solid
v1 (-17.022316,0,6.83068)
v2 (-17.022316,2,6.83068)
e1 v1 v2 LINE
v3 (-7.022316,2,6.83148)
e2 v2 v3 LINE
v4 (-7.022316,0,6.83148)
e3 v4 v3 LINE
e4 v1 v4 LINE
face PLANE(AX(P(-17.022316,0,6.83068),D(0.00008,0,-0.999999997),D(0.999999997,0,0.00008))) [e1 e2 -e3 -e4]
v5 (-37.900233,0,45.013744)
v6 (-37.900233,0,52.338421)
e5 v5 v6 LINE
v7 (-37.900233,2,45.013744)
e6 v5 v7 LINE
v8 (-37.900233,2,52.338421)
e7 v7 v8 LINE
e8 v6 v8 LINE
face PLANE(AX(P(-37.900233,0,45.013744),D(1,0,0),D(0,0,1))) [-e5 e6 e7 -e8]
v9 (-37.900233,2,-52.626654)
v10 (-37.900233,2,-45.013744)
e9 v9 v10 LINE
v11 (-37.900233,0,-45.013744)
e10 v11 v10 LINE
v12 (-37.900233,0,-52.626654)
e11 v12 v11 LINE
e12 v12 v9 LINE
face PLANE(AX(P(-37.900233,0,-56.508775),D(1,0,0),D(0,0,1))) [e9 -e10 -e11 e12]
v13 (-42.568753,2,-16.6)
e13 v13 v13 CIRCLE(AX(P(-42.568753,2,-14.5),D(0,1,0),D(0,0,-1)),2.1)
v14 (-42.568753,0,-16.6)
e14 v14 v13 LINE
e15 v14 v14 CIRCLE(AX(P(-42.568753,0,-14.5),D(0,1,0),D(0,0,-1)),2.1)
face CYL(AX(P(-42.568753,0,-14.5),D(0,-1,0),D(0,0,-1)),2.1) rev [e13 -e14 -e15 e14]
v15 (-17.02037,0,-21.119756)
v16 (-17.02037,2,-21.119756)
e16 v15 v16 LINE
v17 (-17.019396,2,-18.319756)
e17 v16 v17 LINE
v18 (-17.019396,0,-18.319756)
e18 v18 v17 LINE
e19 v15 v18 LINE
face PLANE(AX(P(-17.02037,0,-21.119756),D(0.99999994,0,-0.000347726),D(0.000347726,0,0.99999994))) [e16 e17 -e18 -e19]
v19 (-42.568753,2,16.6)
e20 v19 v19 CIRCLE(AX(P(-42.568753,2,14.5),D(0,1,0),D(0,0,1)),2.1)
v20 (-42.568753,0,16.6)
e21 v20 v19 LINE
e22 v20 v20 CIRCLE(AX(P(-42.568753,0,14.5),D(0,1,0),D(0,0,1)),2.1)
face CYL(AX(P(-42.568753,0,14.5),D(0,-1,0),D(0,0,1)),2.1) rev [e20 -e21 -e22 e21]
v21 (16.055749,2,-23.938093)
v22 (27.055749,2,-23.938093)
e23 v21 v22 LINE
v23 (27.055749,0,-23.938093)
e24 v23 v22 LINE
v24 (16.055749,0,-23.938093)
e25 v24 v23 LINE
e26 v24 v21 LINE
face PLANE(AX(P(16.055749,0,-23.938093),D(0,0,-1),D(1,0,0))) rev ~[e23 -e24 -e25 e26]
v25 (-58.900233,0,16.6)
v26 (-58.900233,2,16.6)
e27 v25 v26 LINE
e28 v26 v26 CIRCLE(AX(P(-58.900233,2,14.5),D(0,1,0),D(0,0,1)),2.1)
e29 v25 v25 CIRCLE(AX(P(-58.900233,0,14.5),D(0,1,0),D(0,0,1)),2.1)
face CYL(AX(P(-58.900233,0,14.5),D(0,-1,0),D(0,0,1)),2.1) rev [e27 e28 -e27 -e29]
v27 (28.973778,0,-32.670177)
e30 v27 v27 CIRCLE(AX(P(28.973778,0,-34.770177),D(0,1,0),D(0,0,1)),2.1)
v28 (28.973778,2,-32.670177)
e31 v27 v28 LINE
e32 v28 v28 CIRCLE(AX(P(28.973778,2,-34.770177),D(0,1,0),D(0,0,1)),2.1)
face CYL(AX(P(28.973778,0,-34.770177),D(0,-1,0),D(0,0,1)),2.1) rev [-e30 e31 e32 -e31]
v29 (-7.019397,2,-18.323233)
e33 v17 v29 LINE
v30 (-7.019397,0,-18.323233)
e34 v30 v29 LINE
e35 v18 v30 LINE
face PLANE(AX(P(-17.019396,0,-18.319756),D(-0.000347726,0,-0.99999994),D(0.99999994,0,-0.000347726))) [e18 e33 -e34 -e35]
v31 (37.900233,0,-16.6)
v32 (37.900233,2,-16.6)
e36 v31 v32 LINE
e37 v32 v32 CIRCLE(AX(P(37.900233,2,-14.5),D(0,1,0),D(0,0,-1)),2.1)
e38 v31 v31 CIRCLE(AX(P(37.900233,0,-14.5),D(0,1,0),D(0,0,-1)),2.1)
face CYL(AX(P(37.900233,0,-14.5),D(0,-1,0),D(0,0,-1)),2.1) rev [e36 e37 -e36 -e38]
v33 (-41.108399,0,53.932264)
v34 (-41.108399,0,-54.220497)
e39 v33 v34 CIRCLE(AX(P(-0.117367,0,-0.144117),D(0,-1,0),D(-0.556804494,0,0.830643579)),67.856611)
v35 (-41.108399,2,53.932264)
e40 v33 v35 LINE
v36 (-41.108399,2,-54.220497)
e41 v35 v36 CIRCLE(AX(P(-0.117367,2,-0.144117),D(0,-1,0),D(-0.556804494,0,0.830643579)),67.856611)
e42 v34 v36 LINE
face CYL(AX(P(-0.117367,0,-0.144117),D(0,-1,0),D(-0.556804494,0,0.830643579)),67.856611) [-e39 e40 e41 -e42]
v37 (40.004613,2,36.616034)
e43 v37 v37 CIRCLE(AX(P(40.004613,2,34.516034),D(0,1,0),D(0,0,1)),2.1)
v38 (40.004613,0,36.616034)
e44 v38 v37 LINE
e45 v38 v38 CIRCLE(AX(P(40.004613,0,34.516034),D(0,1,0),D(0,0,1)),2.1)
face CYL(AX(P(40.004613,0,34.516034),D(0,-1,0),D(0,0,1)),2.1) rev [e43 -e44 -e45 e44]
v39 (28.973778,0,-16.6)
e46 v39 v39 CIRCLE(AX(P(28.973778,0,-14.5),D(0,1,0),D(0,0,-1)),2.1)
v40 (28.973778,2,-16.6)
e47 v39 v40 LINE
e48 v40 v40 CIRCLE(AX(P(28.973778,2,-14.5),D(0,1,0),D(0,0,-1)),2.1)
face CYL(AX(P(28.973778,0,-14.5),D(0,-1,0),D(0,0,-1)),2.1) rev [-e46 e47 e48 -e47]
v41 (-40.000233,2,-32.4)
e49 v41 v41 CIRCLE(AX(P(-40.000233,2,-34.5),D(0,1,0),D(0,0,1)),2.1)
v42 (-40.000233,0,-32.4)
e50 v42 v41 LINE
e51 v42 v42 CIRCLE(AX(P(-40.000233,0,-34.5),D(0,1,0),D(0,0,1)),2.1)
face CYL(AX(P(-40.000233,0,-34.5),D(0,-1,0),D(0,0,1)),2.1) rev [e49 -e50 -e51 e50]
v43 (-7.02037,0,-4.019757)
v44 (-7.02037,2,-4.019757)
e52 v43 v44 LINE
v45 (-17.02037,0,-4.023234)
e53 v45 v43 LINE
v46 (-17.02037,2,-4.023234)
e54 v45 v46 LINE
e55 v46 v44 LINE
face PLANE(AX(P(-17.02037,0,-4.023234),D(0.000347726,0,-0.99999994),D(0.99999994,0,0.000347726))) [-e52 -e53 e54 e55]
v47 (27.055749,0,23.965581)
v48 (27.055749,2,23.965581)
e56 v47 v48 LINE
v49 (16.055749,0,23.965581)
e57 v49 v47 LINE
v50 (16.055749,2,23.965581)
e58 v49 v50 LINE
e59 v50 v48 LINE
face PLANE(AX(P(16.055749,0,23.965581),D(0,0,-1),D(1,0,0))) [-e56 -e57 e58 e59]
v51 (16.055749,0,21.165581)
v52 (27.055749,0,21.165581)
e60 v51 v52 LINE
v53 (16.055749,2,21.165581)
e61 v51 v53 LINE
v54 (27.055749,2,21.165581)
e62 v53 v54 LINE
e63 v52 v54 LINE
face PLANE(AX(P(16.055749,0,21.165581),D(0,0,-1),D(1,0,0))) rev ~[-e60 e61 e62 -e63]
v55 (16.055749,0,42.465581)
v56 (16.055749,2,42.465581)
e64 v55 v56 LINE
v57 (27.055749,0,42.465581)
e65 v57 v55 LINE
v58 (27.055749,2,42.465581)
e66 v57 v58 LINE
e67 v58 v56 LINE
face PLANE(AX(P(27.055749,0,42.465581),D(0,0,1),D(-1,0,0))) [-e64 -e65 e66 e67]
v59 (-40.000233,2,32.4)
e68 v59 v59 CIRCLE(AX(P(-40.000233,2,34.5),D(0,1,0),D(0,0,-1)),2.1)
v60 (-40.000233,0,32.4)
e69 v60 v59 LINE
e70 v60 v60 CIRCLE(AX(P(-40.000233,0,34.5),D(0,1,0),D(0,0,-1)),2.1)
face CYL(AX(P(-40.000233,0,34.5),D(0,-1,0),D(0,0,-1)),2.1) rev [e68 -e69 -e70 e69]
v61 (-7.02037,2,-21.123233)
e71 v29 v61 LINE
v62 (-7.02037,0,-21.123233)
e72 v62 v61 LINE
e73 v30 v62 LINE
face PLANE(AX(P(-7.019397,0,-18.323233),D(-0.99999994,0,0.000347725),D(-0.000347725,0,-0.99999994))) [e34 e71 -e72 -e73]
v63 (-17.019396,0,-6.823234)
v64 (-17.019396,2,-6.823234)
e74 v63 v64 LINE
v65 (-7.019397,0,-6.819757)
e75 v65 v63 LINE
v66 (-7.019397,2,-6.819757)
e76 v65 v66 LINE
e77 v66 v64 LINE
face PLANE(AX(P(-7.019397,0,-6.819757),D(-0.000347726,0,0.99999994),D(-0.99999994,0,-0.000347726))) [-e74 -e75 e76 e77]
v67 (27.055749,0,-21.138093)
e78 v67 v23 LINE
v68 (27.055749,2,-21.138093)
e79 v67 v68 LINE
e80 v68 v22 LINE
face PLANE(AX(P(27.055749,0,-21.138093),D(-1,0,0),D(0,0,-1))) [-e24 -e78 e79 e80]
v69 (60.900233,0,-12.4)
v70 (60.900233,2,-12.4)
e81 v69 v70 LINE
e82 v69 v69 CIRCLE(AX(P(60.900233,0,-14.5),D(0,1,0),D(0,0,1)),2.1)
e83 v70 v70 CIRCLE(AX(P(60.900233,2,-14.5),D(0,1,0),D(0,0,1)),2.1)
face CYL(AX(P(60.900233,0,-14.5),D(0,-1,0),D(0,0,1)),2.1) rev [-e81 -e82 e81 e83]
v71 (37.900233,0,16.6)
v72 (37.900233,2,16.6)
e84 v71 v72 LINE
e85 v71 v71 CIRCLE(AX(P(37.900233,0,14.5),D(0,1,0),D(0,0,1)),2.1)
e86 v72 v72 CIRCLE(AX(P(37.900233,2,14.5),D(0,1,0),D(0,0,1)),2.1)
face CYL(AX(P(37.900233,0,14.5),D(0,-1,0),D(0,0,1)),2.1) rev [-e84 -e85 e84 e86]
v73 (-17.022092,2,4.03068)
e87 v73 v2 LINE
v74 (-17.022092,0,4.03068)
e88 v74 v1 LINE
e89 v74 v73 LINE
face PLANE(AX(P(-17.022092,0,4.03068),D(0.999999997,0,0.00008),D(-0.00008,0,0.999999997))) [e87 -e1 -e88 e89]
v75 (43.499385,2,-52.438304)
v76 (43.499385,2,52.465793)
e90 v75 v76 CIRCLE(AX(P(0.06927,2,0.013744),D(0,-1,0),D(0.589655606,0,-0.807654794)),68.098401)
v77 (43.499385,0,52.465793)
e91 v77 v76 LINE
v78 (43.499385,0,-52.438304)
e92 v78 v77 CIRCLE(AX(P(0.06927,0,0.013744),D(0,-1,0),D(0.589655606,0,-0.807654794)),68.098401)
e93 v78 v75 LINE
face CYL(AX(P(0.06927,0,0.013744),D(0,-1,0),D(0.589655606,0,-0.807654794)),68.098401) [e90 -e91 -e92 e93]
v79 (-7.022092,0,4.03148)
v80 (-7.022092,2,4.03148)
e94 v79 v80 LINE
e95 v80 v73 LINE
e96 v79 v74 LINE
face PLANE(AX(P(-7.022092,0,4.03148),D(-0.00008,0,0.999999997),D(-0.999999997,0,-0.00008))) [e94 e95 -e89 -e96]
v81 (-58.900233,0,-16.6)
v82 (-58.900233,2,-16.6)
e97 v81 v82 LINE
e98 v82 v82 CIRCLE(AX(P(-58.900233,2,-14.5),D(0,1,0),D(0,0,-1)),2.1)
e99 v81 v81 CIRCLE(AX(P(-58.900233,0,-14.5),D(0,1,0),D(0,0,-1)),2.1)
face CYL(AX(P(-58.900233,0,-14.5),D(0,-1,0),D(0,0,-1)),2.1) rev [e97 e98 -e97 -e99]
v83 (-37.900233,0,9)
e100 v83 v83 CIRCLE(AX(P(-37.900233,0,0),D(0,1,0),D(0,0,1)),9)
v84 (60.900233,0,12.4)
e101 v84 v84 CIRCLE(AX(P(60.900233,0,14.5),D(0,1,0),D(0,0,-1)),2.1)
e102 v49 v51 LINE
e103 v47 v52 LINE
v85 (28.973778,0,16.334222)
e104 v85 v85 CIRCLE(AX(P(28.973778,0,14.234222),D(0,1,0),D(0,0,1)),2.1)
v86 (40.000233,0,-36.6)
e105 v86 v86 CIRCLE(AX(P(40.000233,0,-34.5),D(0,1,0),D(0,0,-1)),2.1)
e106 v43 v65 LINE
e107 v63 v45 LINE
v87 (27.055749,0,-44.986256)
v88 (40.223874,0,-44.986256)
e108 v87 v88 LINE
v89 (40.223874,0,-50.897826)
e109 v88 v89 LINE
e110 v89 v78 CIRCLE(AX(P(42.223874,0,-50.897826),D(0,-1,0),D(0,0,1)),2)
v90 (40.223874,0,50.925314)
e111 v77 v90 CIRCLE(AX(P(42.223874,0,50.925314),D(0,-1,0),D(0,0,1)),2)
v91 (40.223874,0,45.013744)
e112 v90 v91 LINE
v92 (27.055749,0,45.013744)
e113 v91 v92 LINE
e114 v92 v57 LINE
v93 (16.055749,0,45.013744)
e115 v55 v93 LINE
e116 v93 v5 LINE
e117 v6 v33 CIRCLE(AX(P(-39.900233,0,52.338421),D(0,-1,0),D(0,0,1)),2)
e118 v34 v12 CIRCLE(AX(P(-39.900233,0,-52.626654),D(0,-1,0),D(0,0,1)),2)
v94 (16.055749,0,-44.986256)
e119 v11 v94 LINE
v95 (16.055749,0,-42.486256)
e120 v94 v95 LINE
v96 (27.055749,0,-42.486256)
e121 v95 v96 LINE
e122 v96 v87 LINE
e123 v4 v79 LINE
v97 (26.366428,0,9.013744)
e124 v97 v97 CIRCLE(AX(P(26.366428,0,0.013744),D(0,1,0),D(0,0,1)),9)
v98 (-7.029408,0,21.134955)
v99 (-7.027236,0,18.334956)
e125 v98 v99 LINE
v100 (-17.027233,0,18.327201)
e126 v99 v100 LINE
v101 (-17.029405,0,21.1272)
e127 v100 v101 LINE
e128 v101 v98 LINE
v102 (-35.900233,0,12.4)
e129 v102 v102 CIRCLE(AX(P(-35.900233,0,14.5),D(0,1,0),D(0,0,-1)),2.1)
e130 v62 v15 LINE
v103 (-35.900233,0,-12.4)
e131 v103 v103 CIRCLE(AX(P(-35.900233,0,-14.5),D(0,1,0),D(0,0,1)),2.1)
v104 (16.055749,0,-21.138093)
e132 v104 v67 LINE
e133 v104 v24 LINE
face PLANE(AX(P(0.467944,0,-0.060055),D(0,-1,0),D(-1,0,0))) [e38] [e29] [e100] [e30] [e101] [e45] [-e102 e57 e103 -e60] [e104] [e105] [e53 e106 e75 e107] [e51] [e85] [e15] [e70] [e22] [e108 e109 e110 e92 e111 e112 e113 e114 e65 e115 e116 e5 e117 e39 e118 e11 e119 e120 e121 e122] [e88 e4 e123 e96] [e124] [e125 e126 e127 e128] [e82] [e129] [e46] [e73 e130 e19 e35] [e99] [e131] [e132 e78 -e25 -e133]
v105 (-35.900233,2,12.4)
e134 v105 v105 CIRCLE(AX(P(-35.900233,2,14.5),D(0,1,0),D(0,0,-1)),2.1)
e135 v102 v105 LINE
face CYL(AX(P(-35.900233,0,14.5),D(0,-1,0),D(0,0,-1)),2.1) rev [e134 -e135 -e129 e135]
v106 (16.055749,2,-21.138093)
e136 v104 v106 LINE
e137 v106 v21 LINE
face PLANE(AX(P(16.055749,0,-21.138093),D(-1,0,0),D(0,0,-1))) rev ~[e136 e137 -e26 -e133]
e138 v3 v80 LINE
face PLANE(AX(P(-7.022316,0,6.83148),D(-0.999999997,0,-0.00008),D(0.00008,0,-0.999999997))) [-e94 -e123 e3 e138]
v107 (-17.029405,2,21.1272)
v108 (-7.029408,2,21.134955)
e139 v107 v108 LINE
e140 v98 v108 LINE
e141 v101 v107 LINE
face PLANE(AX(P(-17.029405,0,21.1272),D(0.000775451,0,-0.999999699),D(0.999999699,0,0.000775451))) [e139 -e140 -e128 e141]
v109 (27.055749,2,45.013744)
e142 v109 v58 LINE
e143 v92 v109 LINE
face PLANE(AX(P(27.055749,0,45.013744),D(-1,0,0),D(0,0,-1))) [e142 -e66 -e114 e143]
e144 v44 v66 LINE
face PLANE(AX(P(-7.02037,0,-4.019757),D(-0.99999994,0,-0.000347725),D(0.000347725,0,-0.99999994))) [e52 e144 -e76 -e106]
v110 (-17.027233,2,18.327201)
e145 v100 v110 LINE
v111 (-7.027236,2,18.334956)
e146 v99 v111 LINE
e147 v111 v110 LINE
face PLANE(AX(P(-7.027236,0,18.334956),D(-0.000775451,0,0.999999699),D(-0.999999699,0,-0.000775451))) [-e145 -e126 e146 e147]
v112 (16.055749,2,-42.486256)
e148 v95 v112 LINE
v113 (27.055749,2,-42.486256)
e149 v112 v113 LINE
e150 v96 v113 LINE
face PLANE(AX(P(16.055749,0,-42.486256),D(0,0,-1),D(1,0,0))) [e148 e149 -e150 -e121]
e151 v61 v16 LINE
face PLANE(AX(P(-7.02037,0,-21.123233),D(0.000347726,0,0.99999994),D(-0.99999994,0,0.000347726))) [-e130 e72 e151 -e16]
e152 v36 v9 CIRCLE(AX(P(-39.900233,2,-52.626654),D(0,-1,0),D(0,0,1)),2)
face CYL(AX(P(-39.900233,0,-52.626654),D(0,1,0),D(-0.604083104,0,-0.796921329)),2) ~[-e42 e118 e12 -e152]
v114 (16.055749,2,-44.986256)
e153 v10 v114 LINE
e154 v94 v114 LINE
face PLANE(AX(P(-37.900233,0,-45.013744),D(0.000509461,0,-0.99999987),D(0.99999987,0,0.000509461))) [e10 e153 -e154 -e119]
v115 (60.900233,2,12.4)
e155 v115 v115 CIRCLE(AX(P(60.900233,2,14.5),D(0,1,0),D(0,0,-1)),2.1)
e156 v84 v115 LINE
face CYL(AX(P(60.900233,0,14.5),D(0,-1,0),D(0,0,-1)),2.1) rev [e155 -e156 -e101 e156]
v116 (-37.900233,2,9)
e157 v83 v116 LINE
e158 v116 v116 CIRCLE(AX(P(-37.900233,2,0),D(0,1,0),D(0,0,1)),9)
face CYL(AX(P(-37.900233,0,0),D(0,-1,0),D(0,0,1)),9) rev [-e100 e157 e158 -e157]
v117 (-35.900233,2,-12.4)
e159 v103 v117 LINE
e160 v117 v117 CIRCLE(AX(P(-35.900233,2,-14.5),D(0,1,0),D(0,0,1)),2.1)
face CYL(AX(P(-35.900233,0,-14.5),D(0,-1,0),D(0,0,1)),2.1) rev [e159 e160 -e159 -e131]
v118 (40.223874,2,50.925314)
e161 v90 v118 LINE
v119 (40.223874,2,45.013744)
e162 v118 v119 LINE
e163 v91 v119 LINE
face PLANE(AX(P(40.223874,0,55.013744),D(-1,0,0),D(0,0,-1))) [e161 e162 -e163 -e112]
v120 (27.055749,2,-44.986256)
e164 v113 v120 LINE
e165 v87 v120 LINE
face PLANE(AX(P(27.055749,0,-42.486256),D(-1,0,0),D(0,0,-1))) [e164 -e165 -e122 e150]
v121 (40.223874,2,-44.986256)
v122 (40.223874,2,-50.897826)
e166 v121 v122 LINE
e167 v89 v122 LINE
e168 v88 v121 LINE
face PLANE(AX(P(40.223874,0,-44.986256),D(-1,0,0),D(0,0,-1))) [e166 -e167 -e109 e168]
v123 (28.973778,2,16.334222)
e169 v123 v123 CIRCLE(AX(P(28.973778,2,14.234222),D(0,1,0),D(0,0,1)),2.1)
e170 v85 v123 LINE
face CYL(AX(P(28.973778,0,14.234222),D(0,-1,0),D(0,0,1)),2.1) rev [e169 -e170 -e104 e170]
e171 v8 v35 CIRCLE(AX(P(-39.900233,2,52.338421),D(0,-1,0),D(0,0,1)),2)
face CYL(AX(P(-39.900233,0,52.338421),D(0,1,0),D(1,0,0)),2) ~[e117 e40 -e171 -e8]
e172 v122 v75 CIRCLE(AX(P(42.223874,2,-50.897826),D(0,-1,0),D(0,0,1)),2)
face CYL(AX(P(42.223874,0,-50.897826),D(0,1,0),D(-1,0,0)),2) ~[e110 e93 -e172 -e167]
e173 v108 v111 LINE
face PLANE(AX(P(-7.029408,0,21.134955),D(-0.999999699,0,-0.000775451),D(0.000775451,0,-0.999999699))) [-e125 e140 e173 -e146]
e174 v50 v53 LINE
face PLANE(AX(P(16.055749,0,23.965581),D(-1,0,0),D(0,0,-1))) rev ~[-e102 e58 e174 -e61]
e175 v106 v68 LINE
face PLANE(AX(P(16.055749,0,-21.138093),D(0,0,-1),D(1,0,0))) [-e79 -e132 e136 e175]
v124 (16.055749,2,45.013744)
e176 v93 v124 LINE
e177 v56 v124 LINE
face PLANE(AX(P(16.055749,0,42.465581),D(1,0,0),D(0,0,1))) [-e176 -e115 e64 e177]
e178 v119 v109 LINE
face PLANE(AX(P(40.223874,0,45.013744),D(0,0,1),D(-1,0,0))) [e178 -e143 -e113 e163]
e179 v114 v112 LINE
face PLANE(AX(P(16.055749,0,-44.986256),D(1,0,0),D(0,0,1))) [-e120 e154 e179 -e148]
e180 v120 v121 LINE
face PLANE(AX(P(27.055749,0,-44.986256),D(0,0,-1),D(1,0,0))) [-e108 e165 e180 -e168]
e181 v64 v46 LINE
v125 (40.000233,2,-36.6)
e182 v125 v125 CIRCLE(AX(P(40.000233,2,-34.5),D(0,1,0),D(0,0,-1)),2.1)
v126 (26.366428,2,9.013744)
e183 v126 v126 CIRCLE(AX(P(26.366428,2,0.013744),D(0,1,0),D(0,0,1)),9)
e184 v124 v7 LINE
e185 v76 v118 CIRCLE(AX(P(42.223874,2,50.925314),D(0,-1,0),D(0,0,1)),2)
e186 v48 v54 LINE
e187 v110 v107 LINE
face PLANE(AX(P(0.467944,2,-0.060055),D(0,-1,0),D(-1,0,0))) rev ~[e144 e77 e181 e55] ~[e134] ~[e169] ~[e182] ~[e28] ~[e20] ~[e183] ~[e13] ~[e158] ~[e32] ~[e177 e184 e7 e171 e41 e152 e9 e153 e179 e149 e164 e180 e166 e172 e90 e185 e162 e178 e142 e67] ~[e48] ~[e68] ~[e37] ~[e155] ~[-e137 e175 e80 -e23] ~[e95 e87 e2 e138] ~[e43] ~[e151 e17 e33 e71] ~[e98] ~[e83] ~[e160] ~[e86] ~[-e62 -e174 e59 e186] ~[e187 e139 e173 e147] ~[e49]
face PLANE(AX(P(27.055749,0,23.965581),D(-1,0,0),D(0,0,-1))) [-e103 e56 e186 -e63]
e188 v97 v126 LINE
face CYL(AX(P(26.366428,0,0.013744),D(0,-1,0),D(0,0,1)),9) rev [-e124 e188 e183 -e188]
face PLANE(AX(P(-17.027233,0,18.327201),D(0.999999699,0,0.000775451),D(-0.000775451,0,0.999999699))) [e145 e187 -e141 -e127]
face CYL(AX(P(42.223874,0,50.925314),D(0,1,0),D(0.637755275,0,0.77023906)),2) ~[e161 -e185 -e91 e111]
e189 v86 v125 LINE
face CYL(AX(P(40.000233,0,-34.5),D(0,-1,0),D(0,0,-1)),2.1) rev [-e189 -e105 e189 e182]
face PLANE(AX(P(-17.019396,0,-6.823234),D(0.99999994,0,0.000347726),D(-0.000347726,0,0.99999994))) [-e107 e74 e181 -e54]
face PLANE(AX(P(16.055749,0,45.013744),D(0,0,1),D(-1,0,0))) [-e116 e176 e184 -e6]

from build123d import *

# Parameters (mm, degrees)
SKETCH1_R           = 2.1
SKETCH1_R_2         = 9
SKETCH1_W           = 11
SKETCH1_H           = 2.8
BOSS_EXTRUDE2_DEPTH = 2
FILLET2_R           = 2
FILLET3_R           = 2
FILLET4_R           = 2
FILLET5_R           = 2


with BuildPart() as part:
    # Sketch1 → Boss-Extrude2 (new body)
    with BuildSketch(Plane(origin=(0, 0, 0), x_dir=(1, 0, 0), z_dir=(0, 1, 0))):
        with BuildLine():
            Line((-37.900233161, -45.013744243), (-37.900233161, -56.220541455))
            ThreePointArc((-37.900233161, -56.220541455), (-67.973978104, 0.144116575), (-37.900233161, 56.508774605))
            Line((-37.900233161, 56.508774605), (-37.900233161, 45.013744243))
            Line((-37.900233161, 45.013744243), (16.055748962, 44.986255757))
            Line((16.055748962, 44.986255757), (16.055748962, 42.486255757))
            Line((16.055748962, 42.486255757), (27.055748962, 42.486255757))
            Line((27.055748962, 42.486255757), (27.055748962, 44.986255757))
            Line((27.055748962, 44.986255757), (40.223874261, 44.986255757))
            Line((40.223874261, 44.986255757), (40.223874261, 54.986255757))
            ThreePointArc((40.223874261, 54.986255757), (68.16767133, -0.013744243), (40.223874261, -55.013744243))
            Line((40.223874261, -55.013744243), (40.223874261, -45.013744243))
            Line((40.223874261, -45.013744243), (27.055748962, -45.013744243))
            Line((27.055748962, -45.013744243), (27.055748962, -42.465581387))
            Line((27.055748962, -42.465581387), (16.055748962, -42.465581387))
            Line((16.055748962, -42.465581387), (16.055748962, -45.013744243))
            Line((16.055748962, -45.013744243), (-37.900233161, -45.013744243))
        make_face()
        with Locations(Location((40.004613264, -34.516033797, 0), (0, 0, 270))):
            Circle(SKETCH1_R, mode=Mode.SUBTRACT)
        with Locations(Location((40.000233161, 34.5, 0), (0, 0, 90))):
            Circle(SKETCH1_R, mode=Mode.SUBTRACT)
        with Locations(Location((37.900233161, -14.5, 0), (0, 0, 270))):
            Circle(SKETCH1_R, mode=Mode.SUBTRACT)
        with Locations(Location((37.900233161, 14.5, 0), (0, 0, 90))):
            Circle(SKETCH1_R, mode=Mode.SUBTRACT)
        with Locations(Location((60.900233161, 14.5, 0), (0, 0, 270))):
            Circle(SKETCH1_R, mode=Mode.SUBTRACT)
        with Locations(Location((60.900233161, -14.5, 0), (0, 0, 90))):
            Circle(SKETCH1_R, mode=Mode.SUBTRACT)
        with Locations(Location((-40.000233161, -34.5, 0), (0, 0, 90))):
            Circle(SKETCH1_R, mode=Mode.SUBTRACT)
        with Locations(Location((-35.900233161, -14.5, 0), (0, 0, 90))):
            Circle(SKETCH1_R, mode=Mode.SUBTRACT)
        with Locations(Location((-58.900233161, -14.5, 0), (0, 0, 270))):
            Circle(SKETCH1_R, mode=Mode.SUBTRACT)
        with Locations(Location((-58.900233161, 14.5, 0), (0, 0, 90))):
            Circle(SKETCH1_R, mode=Mode.SUBTRACT)
        with Locations(Location((-35.900233161, 14.5, 0), (0, 0, 270))):
            Circle(SKETCH1_R, mode=Mode.SUBTRACT)
        with Locations(Location((-40.000233161, 34.5, 0), (0, 0, 270))):
            Circle(SKETCH1_R, mode=Mode.SUBTRACT)
        with Locations(Location((26.366427779, -0.013744243, 0), (0, 0, 270))):
            Circle(SKETCH1_R_2, mode=Mode.SUBTRACT)
        with Locations(Location((-37.900233161, 0, 0), (0, 0, 270))):
            Circle(SKETCH1_R_2, mode=Mode.SUBTRACT)
        with Locations(Location((28.973777757, -14.234221967, 0), (0, 0, 270))):
            Circle(SKETCH1_R, mode=Mode.SUBTRACT)
        with Locations(Location((28.973777757, 14.5, 0), (0, 0, 90))):
            Circle(SKETCH1_R, mode=Mode.SUBTRACT)
        with Locations(Location((28.973777757, 34.770177046, 0), (0, 0, 270))):
            Circle(SKETCH1_R, mode=Mode.SUBTRACT)
        with Locations(Location((-42.568753496, -14.5, 0), (0, 0, 270))):
            Circle(SKETCH1_R, mode=Mode.SUBTRACT)
        with Locations(Location((-42.568753496, 14.5, 0), (0, 0, 90))):
            Circle(SKETCH1_R, mode=Mode.SUBTRACT)
        Polygon((-17.02036954, 21.11975573), (-17.019395908, 18.319755899), (-7.019396513, 18.323233156), (-7.020370144, 21.123232986), align=None, mode=Mode.SUBTRACT)
        with Locations((21.555748962, -22.565581387)):
            Rectangle(SKETCH1_W, SKETCH1_H, mode=Mode.SUBTRACT)
        with Locations((21.555748962, 22.5380929)):
            Rectangle(SKETCH1_W, SKETCH1_H, mode=Mode.SUBTRACT)
        Polygon((-17.022091972, -4.030680267), (-17.022315971, -6.830680258), (-7.022316003, -6.831480257), (-7.022092004, -4.031480266), align=None, mode=Mode.SUBTRACT)
        Polygon((-17.02036954, 4.02323402), (-7.020370144, 4.019756764), (-7.019396513, 6.819756595), (-17.019395908, 6.823233851), align=None, mode=Mode.SUBTRACT)
        Polygon((-17.029404589, -21.127200413), (-7.029407596, -21.134954923), (-7.027236333, -18.334955765), (-17.027233326, -18.327201255), align=None, mode=Mode.SUBTRACT)
    extrude(amount=BOSS_EXTRUDE2_DEPTH)

    # Fillet2
    fillet2_edges = [part.edges().sort_by_distance(p)[0] for p in [
        (-37.900233161, 1, -56.508774605),
    ]]
    fillet(fillet2_edges, radius=FILLET2_R)

    # Fillet3
    fillet3_edges = [part.edges().sort_by_distance(p)[0] for p in [
        (40.223874261, 1, -54.986255757),
    ]]
    fillet(fillet3_edges, radius=FILLET3_R)

    # Fillet4
    fillet4_edges = [part.edges().sort_by_distance(p)[0] for p in [
        (40.223874261, 1, 55.013744243),
    ]]
    fillet(fillet4_edges, radius=FILLET4_R)

    # Fillet5
    fillet5_edges = [part.edges().sort_by_distance(p)[0] for p in [
        (-37.900233161, 1, 56.220541455),
    ]]
    fillet(fillet5_edges, radius=FILLET5_R)


solid = part.part
